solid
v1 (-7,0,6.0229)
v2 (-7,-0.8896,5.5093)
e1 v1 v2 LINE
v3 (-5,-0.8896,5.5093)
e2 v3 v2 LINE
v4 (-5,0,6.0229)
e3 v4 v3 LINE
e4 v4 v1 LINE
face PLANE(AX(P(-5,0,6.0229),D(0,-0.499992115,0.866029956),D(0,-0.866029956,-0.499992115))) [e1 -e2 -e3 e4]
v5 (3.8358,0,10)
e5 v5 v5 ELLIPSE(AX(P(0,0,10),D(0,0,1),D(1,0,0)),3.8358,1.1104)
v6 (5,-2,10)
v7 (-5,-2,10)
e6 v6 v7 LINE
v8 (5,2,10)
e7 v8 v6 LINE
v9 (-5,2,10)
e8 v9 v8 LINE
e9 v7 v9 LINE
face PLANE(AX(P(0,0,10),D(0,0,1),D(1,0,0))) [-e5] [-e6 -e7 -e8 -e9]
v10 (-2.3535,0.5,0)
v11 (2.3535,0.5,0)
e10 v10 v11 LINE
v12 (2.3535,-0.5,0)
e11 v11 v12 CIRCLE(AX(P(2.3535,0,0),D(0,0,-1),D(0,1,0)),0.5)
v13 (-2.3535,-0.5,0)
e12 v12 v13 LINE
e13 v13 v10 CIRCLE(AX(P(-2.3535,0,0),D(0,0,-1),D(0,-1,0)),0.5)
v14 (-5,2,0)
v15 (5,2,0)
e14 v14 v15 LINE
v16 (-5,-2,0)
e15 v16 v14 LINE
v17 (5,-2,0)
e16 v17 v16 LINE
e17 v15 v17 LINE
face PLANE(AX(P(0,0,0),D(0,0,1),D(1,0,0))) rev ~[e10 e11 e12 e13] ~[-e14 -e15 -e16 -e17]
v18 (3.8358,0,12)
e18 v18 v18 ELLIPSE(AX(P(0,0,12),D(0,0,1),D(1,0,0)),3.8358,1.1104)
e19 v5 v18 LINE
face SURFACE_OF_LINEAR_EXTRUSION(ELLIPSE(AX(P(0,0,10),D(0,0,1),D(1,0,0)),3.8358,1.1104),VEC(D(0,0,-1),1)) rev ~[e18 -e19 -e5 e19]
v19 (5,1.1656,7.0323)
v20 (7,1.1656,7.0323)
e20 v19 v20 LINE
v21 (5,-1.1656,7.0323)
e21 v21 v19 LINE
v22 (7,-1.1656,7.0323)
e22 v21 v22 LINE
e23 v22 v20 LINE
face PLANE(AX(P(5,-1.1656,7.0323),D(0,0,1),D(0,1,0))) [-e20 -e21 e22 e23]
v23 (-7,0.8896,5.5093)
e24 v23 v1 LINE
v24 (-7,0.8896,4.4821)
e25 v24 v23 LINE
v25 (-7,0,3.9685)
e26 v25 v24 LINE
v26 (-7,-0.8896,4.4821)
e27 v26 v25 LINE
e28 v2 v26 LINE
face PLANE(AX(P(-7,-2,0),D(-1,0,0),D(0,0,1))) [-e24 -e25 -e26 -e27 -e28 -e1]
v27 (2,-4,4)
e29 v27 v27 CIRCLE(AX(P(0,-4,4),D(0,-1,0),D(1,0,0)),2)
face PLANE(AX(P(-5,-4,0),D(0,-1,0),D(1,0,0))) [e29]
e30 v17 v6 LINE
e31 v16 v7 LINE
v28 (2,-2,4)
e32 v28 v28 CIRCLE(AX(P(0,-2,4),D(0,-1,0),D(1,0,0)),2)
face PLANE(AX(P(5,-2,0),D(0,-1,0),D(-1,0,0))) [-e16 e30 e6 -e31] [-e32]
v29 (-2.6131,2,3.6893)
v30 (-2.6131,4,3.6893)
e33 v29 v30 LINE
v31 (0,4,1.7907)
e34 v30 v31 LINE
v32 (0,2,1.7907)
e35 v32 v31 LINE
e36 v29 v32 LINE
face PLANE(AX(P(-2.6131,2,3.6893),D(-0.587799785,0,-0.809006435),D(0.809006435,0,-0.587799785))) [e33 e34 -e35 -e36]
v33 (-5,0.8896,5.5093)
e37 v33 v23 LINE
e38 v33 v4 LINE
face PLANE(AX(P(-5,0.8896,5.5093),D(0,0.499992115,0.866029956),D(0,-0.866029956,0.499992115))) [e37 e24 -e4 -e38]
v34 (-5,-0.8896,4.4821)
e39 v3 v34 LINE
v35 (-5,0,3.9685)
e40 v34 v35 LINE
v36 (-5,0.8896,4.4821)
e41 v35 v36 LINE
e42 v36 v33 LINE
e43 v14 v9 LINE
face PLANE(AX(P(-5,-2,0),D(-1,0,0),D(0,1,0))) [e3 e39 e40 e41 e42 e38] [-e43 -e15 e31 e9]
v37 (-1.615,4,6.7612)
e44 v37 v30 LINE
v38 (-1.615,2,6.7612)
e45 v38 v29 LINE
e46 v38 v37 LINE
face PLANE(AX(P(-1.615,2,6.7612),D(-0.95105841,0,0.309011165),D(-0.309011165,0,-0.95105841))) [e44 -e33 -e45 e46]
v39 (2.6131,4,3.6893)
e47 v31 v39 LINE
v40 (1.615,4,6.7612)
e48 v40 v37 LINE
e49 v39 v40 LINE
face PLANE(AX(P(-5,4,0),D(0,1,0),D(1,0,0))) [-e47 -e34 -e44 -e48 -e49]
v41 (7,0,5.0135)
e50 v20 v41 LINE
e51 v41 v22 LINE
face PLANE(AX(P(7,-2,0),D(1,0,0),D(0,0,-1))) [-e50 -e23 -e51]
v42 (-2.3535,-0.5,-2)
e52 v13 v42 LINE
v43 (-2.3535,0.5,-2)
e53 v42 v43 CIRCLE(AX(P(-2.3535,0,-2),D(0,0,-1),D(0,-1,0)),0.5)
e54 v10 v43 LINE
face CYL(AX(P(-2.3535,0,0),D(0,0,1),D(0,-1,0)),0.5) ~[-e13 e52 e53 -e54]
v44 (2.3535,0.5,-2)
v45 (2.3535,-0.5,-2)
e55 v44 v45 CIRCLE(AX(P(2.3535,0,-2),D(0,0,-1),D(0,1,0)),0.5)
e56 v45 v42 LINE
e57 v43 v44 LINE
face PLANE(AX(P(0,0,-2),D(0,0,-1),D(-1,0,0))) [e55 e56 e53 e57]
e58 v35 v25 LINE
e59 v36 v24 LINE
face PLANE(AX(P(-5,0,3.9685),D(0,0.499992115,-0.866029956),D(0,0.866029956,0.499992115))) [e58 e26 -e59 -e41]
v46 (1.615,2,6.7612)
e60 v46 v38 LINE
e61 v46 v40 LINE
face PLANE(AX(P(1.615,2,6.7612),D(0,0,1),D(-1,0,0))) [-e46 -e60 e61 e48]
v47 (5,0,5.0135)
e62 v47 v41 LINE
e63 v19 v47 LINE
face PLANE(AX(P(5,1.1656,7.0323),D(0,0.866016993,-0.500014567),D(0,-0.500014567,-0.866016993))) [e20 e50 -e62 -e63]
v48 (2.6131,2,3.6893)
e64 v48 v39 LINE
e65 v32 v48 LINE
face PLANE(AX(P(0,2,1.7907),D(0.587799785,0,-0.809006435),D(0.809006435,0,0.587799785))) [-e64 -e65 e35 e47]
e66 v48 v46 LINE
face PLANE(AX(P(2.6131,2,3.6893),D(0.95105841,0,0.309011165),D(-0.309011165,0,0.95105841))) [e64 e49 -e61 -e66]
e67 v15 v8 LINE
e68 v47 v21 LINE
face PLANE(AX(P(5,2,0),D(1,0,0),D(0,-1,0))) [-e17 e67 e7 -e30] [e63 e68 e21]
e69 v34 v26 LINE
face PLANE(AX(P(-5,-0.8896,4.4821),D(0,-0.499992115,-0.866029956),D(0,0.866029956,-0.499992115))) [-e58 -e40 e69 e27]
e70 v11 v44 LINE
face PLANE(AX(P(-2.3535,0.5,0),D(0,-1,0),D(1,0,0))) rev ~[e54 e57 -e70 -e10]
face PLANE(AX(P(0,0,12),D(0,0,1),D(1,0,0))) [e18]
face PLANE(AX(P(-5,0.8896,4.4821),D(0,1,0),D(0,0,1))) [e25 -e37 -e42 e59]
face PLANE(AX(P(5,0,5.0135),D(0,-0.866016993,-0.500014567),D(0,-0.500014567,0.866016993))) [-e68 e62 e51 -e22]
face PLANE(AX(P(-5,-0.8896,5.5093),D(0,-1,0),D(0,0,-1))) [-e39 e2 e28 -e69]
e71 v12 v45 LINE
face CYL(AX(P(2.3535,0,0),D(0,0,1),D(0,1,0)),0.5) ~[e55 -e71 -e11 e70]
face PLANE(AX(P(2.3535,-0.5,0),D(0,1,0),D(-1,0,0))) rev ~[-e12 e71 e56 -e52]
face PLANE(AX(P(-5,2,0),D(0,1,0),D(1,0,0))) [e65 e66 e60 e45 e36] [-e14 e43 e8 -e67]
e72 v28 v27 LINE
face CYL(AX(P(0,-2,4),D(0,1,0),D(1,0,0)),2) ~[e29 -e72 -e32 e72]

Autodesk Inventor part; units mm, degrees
ref_plane "YZ Plane" through (0, 0, 0) normal (1, 0, 0) x (0, 1, 0)
ref_plane "XZ Plane" through (0, 0, 0) normal (0, 1, 0) x (-1, 0, 0)
ref_plane "XY Plane" through (0, 0, 0) normal (0, 0, 1) x (1, 0, 0)
sketch "Rechteck" plane through (0, 0, 0) normal (0, 0, 1) x (1, 0, 0)
  line L0 (-5, 2) -> (5, 2)
  line L1 (5, 2) -> (5, -2)
  line L2 (5, -2) -> (-5, -2)
  line L3 (-5, -2) -> (-5, 2)
  point P0 (0, 0)
  dimension "d0" = 5
  dimension "d1" = 10
  dimension "d2" = 4
  dimension "d3" = 2
extrude "Extrusion1" add sketch "Rechteck" along normal blind 10
sketch "Kreis" plane through (-5, -2, 0) normal (0, -1, 0) x (1, 0, 0)
  circle A0 centre (5, 4) radius 2
  point P0 (5, 0)
  dimension "d6" = 4
extrude "Extrusion2" add sketch "Kreis" along normal blind 2
sketch "Dreieck" plane through (5, -2, 0) normal (1, 0, 0) x (0, 0, -1)
  line L0 (-5.0135, 2) -> (-7.0323, 0.8344)
  line L1 (-7.0323, 0.8344) -> (-7.0323, 3.1656)
  line L2 (-7.0323, 3.1656) -> (-5.0135, 2)
  point P0 (0, 2)
  point P1 (-6.3594, 2)
extrude "Extrusion3" add sketch "Dreieck" along normal blind 2
sketch "Pentagon" plane through (-5, 2, 0) normal (0, 1, 0) x (1, 0, 0)
  line L0 (5, -1.7907) -> (7.6131, -3.6893)
  line L1 (7.6131, -3.6893) -> (6.615, -6.7612)
  line L2 (6.615, -6.7612) -> (3.385, -6.7612)
  line L3 (3.385, -6.7612) -> (2.3869, -3.6893)
  line L4 (2.3869, -3.6893) -> (5, -1.7907)
  point P0 (5, 0)
  point P1 (5, -4.5383)
extrude "Extrusion4" add sketch "Pentagon" along normal blind 2
sketch "Hexagon" plane through (-5, -2, 0) normal (-1, 0, 0) x (0, 0, 1)
  line L0 (6.0229, 2) -> (5.5093, 1.1104)
  line L1 (5.5093, 1.1104) -> (4.4821, 1.1104)
  line L2 (4.4821, 1.1104) -> (3.9685, 2)
  line L3 (3.9685, 2) -> (4.4821, 2.8896)
  line L4 (4.4821, 2.8896) -> (5.5093, 2.8896)
  line L5 (5.5093, 2.8896) -> (6.0229, 2)
  point P0 (0, 2)
  point P1 (4.9957, 2)
extrude "Extrusion5" add sketch "Hexagon" along normal blind 2
sketch "Ellipse" plane through (0, 0, 10) normal (0, 0, 1) x (1, 0, 0)
  ellipse E0 centre (0, 0) end of major axis (3.8358, 0) minor radius 1.1104
sketch "Nase" plane through (0, 0, 0) normal (0, 0, -1) x (-1, 0, 0)
  line L0 (2.3535, 0) -> (-2.3535, 0) construction
  line L1 (2.3535, 0.5) -> (-2.3535, 0.5)
  line L2 (-2.3535, -0.5) -> (2.3535, -0.5)
  arc A0 (2.3535, -0.5) -> (2.3535, 0.5) centre (2.3535, 0) ccw
  arc A1 (-2.3535, 0.5) -> (-2.3535, -0.5) centre (-2.3535, 0) ccw
  point P0 (0, 0)
  dimension "d17" = 1
extrude "Extrusion7" add sketch "Nase" along normal blind 2
extrude "Extrusion8" add sketch "Ellipse" along normal blind 2
properties part number "Demo-Status-0.3"
